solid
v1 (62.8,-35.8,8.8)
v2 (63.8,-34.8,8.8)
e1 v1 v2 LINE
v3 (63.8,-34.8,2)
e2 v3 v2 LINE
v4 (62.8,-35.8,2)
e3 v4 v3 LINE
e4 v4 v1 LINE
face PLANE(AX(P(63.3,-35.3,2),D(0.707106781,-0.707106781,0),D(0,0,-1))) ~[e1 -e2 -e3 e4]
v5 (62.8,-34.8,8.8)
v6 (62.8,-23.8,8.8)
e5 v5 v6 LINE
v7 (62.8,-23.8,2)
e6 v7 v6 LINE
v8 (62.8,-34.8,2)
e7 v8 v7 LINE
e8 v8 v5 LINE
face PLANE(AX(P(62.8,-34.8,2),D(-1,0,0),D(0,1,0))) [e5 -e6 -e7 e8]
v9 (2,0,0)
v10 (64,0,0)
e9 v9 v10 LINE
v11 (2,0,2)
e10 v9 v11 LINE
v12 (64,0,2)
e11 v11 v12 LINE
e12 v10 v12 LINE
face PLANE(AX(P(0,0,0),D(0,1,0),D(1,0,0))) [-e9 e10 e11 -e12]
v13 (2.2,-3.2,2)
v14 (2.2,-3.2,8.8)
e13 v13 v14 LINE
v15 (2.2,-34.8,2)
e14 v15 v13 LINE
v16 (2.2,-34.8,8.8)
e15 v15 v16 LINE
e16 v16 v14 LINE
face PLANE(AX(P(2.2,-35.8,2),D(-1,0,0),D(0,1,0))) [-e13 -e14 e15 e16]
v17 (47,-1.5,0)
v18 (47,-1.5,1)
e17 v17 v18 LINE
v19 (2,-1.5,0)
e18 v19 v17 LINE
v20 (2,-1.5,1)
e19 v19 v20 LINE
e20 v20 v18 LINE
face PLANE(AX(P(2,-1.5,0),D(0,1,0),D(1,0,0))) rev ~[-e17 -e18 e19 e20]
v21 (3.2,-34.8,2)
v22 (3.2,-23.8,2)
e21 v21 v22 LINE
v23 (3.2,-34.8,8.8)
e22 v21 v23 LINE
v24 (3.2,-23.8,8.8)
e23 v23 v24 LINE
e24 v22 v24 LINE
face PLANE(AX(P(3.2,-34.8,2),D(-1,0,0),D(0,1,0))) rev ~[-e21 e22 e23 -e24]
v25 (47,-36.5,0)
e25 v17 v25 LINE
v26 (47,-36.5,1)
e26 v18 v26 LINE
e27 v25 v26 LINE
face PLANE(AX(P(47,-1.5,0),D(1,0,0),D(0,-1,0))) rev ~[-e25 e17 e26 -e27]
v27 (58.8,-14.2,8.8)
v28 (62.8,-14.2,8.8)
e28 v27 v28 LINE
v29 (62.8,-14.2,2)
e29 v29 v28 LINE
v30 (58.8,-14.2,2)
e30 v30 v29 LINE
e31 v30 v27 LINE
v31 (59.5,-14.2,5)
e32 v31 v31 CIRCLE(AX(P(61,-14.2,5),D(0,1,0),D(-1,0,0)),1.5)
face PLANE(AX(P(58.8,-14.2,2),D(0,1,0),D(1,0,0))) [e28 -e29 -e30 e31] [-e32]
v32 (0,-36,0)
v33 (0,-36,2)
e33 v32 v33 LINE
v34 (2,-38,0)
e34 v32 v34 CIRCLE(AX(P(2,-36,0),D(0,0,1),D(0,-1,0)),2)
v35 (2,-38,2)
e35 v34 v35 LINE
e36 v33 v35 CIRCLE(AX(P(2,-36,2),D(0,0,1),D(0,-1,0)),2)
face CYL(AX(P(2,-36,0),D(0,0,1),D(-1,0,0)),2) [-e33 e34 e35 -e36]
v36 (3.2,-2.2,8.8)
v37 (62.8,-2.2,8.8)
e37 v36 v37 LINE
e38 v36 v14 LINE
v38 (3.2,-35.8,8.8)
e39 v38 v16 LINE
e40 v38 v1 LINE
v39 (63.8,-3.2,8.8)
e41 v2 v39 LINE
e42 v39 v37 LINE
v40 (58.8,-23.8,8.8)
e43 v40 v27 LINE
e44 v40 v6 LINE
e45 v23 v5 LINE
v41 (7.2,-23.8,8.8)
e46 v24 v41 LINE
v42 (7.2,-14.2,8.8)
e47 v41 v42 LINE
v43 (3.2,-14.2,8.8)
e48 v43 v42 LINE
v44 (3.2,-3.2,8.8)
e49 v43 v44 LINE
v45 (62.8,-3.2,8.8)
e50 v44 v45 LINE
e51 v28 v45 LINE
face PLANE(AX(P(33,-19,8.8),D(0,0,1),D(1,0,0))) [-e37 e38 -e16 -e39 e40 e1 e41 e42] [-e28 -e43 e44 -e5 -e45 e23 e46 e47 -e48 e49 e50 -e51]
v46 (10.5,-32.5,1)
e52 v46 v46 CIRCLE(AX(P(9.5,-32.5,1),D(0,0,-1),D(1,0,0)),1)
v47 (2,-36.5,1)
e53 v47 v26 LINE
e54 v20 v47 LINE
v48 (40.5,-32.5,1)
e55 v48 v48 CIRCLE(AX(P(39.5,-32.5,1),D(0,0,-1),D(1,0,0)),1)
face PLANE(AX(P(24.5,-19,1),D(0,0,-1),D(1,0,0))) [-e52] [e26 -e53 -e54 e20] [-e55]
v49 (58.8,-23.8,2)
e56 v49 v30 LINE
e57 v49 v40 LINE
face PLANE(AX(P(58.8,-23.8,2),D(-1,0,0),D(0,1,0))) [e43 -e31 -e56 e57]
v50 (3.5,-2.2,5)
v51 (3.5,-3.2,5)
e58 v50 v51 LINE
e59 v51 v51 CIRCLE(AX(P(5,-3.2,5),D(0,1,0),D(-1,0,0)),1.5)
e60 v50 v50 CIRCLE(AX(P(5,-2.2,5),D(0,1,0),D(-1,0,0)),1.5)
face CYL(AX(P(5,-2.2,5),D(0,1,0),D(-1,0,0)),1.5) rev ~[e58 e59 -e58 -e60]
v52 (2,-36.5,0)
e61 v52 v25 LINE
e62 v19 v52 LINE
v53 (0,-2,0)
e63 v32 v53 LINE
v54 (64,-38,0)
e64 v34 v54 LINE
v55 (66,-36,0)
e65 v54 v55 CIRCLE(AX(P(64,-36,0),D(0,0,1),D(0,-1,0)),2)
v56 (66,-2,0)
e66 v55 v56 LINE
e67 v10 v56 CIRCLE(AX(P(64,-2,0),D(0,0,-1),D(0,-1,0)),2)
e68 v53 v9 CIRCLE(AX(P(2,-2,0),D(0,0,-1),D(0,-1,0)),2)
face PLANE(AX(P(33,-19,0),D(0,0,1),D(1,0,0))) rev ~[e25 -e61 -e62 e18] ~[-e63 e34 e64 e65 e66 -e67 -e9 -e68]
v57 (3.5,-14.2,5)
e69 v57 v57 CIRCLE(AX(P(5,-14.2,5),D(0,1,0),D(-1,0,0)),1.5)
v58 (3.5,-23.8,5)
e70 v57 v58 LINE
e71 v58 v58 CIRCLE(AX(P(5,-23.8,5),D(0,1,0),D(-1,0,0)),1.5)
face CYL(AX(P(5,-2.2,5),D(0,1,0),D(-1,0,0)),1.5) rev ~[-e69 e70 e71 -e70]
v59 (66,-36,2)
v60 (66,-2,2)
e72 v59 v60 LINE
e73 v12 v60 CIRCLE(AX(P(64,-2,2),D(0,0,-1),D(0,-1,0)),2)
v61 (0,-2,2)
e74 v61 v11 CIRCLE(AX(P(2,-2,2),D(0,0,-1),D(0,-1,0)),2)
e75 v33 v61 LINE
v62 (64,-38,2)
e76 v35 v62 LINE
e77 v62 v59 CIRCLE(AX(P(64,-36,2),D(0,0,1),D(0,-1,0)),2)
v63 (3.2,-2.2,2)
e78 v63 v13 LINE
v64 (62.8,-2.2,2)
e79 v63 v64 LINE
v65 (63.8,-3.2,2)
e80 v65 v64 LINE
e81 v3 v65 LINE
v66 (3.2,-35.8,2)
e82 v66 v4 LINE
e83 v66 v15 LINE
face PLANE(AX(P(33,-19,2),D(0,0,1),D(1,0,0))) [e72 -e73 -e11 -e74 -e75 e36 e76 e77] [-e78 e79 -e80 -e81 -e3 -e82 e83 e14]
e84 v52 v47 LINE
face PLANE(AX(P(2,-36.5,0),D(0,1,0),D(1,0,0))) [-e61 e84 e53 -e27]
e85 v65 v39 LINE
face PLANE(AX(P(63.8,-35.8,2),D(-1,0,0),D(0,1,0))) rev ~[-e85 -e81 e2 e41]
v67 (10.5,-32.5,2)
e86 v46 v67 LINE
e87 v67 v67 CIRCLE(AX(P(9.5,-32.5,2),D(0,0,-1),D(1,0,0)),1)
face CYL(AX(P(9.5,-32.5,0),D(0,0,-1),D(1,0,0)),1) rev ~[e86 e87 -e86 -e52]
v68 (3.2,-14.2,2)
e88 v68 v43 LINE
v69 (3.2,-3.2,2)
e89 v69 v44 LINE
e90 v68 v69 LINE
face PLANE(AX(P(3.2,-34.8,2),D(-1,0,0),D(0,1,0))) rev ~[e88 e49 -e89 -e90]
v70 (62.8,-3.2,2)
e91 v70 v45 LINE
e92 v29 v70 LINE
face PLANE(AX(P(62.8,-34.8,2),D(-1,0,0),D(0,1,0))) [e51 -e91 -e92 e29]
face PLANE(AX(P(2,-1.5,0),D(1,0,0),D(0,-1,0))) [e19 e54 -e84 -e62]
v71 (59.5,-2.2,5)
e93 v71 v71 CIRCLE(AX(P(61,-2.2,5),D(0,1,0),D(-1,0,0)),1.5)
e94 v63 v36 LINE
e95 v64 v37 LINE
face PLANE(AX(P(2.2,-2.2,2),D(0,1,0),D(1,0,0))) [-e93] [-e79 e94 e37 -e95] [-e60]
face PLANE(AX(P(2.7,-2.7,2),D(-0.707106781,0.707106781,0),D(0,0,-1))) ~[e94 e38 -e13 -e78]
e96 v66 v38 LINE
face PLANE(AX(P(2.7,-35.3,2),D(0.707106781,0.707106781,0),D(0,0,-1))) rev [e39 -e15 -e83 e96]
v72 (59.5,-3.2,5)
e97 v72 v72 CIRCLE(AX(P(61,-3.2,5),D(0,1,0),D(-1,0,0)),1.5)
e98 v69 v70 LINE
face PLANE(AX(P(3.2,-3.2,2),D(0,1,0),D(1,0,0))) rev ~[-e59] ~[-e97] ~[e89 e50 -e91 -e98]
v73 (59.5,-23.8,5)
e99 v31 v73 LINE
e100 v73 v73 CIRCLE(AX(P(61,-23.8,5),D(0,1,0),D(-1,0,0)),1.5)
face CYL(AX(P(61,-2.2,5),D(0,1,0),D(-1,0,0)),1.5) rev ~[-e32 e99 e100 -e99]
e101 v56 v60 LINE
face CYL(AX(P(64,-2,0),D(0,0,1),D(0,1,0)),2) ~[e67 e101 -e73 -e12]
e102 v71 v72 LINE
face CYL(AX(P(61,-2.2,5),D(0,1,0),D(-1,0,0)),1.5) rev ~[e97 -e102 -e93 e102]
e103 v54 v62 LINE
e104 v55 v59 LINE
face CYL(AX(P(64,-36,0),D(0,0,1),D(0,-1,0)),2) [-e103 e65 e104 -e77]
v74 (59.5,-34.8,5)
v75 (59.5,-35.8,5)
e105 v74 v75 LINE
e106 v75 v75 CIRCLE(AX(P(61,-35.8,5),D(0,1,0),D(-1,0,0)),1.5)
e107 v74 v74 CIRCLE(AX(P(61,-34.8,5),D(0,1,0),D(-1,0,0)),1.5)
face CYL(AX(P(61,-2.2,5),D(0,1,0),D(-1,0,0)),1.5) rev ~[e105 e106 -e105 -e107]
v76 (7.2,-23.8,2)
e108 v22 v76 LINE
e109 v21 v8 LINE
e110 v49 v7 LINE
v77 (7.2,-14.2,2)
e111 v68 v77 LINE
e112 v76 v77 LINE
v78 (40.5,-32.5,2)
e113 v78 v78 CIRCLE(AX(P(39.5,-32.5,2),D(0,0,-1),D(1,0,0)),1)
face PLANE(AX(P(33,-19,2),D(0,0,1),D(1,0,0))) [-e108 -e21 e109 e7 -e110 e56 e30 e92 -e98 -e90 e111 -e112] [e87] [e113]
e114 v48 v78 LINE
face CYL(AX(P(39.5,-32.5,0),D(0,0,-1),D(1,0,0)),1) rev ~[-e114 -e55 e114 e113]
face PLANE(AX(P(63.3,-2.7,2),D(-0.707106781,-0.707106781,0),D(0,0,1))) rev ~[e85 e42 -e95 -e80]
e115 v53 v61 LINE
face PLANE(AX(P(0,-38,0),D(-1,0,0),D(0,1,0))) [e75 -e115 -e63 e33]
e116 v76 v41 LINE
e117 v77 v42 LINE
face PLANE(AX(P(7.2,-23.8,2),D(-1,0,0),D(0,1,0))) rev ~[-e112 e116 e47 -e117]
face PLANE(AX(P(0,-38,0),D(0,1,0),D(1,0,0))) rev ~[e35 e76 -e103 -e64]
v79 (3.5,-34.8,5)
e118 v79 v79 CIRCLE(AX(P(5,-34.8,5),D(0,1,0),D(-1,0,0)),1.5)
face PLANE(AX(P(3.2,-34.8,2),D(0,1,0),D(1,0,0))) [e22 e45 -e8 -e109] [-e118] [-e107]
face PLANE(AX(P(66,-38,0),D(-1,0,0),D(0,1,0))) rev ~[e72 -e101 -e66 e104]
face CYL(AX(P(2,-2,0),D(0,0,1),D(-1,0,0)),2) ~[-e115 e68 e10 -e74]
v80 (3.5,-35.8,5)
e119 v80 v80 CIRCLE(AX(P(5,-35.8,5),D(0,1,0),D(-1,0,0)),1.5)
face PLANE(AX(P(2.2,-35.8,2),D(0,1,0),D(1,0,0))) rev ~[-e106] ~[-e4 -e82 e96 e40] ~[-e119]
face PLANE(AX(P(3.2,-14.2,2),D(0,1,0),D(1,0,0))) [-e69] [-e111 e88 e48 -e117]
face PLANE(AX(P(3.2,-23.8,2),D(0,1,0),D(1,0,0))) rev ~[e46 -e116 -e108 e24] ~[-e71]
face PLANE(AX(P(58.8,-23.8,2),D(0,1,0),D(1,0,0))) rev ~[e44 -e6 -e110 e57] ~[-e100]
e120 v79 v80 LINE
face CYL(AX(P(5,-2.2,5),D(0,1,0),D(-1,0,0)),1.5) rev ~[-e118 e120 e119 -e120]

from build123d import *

# Parameters (mm, degrees)
F0_W      = 66
F0_H      = 38
F1_DEPTH  = 2
F2_W      = 61.6
F2_H      = 33.6
F2_W_2    = 59.6
F2_H_2    = 31.6
F3_DEPTH  = 6.8
F4_R      = 2
F5_W      = 45
F5_H      = 35
F6_DEPTH  = 1
F7_R      = 1
F8_DEPTH  = 8.801
F9_W      = 4
F9_H      = 9.6
F10_DEPTH = 6.8
F11_R     = 1.5
F12_DEPTH = 35.801
F13_SIZE  = 1


with BuildPart() as f1:
    # F0 (on Top) → F1 (new body)
    with BuildSketch(Plane.XY):
        with Locations((33, -19)):
            Rectangle(F0_W, F0_H)
    extrude(amount=F1_DEPTH)

    # F2 (on face) → F3 (join)
    with BuildSketch(Plane.XY.offset(2)):
        with Locations((33, -19)):
            Rectangle(F2_W, F2_H)
        with Locations((33, -19)):
            Rectangle(F2_W_2, F2_H_2, mode=Mode.SUBTRACT)
    extrude(amount=F3_DEPTH)

    # F4
    f4_edges = [f1.edges().sort_by_distance(p)[0] for p in [
        (0, -38, 1),
        (0, 0, 1),
        (66, -38, 1),
        (66, 0, 1),
    ]]
    fillet(f4_edges, radius=F4_R)

    # F5 (on face) → F6 (cut)
    with BuildSketch(Plane(origin=(0, 0, 0), x_dir=(1, 0, 0), z_dir=(0, 0, -1))):
        with Locations((24.5, 19)):
            Rectangle(F5_W, F5_H)
    extrude(amount=-F6_DEPTH, mode=Mode.SUBTRACT)

    # F7 (on face) → F8 (cut, through all)
    with BuildSketch(Plane(origin=(0, 0, 0), x_dir=(1, 0, 0), z_dir=(0, 0, -1))):
        with Locations((9.5, 32.5)):
            Circle(F7_R)
        with Locations((39.5, 32.5)):
            Circle(F7_R)
    extrude(amount=-F8_DEPTH, mode=Mode.SUBTRACT)

    # F9 (on face) → F10 (join)
    with BuildSketch(Plane.XY.offset(2)):
        with Locations((5.2, -19)):
            Rectangle(F9_W, F9_H)
        with Locations((60.8, -19)):
            Rectangle(F9_W, F9_H)
    extrude(amount=F10_DEPTH)

    # F11 (on face) → F12 (cut, through all)
    with BuildSketch(Plane(origin=(0, -2.2, 0), x_dir=(-1, 0, 0), z_dir=(0, 1, 0))):
        with Locations((-61, 5)):
            Circle(F11_R)
        with Locations((-5, 5)):
            Circle(F11_R)
    extrude(amount=-F12_DEPTH, mode=Mode.SUBTRACT)

    # F13
    f13_edges = [f1.edges().sort_by_distance(p)[0] for p in [
        (2.2, -2.2, 5.4),
        (2.2, -35.8, 5.4),
        (63.8, -35.8, 5.4),
        (63.8, -2.2, 5.4),
    ]]
    chamfer(f13_edges, length=F13_SIZE)


solid = f1.part
